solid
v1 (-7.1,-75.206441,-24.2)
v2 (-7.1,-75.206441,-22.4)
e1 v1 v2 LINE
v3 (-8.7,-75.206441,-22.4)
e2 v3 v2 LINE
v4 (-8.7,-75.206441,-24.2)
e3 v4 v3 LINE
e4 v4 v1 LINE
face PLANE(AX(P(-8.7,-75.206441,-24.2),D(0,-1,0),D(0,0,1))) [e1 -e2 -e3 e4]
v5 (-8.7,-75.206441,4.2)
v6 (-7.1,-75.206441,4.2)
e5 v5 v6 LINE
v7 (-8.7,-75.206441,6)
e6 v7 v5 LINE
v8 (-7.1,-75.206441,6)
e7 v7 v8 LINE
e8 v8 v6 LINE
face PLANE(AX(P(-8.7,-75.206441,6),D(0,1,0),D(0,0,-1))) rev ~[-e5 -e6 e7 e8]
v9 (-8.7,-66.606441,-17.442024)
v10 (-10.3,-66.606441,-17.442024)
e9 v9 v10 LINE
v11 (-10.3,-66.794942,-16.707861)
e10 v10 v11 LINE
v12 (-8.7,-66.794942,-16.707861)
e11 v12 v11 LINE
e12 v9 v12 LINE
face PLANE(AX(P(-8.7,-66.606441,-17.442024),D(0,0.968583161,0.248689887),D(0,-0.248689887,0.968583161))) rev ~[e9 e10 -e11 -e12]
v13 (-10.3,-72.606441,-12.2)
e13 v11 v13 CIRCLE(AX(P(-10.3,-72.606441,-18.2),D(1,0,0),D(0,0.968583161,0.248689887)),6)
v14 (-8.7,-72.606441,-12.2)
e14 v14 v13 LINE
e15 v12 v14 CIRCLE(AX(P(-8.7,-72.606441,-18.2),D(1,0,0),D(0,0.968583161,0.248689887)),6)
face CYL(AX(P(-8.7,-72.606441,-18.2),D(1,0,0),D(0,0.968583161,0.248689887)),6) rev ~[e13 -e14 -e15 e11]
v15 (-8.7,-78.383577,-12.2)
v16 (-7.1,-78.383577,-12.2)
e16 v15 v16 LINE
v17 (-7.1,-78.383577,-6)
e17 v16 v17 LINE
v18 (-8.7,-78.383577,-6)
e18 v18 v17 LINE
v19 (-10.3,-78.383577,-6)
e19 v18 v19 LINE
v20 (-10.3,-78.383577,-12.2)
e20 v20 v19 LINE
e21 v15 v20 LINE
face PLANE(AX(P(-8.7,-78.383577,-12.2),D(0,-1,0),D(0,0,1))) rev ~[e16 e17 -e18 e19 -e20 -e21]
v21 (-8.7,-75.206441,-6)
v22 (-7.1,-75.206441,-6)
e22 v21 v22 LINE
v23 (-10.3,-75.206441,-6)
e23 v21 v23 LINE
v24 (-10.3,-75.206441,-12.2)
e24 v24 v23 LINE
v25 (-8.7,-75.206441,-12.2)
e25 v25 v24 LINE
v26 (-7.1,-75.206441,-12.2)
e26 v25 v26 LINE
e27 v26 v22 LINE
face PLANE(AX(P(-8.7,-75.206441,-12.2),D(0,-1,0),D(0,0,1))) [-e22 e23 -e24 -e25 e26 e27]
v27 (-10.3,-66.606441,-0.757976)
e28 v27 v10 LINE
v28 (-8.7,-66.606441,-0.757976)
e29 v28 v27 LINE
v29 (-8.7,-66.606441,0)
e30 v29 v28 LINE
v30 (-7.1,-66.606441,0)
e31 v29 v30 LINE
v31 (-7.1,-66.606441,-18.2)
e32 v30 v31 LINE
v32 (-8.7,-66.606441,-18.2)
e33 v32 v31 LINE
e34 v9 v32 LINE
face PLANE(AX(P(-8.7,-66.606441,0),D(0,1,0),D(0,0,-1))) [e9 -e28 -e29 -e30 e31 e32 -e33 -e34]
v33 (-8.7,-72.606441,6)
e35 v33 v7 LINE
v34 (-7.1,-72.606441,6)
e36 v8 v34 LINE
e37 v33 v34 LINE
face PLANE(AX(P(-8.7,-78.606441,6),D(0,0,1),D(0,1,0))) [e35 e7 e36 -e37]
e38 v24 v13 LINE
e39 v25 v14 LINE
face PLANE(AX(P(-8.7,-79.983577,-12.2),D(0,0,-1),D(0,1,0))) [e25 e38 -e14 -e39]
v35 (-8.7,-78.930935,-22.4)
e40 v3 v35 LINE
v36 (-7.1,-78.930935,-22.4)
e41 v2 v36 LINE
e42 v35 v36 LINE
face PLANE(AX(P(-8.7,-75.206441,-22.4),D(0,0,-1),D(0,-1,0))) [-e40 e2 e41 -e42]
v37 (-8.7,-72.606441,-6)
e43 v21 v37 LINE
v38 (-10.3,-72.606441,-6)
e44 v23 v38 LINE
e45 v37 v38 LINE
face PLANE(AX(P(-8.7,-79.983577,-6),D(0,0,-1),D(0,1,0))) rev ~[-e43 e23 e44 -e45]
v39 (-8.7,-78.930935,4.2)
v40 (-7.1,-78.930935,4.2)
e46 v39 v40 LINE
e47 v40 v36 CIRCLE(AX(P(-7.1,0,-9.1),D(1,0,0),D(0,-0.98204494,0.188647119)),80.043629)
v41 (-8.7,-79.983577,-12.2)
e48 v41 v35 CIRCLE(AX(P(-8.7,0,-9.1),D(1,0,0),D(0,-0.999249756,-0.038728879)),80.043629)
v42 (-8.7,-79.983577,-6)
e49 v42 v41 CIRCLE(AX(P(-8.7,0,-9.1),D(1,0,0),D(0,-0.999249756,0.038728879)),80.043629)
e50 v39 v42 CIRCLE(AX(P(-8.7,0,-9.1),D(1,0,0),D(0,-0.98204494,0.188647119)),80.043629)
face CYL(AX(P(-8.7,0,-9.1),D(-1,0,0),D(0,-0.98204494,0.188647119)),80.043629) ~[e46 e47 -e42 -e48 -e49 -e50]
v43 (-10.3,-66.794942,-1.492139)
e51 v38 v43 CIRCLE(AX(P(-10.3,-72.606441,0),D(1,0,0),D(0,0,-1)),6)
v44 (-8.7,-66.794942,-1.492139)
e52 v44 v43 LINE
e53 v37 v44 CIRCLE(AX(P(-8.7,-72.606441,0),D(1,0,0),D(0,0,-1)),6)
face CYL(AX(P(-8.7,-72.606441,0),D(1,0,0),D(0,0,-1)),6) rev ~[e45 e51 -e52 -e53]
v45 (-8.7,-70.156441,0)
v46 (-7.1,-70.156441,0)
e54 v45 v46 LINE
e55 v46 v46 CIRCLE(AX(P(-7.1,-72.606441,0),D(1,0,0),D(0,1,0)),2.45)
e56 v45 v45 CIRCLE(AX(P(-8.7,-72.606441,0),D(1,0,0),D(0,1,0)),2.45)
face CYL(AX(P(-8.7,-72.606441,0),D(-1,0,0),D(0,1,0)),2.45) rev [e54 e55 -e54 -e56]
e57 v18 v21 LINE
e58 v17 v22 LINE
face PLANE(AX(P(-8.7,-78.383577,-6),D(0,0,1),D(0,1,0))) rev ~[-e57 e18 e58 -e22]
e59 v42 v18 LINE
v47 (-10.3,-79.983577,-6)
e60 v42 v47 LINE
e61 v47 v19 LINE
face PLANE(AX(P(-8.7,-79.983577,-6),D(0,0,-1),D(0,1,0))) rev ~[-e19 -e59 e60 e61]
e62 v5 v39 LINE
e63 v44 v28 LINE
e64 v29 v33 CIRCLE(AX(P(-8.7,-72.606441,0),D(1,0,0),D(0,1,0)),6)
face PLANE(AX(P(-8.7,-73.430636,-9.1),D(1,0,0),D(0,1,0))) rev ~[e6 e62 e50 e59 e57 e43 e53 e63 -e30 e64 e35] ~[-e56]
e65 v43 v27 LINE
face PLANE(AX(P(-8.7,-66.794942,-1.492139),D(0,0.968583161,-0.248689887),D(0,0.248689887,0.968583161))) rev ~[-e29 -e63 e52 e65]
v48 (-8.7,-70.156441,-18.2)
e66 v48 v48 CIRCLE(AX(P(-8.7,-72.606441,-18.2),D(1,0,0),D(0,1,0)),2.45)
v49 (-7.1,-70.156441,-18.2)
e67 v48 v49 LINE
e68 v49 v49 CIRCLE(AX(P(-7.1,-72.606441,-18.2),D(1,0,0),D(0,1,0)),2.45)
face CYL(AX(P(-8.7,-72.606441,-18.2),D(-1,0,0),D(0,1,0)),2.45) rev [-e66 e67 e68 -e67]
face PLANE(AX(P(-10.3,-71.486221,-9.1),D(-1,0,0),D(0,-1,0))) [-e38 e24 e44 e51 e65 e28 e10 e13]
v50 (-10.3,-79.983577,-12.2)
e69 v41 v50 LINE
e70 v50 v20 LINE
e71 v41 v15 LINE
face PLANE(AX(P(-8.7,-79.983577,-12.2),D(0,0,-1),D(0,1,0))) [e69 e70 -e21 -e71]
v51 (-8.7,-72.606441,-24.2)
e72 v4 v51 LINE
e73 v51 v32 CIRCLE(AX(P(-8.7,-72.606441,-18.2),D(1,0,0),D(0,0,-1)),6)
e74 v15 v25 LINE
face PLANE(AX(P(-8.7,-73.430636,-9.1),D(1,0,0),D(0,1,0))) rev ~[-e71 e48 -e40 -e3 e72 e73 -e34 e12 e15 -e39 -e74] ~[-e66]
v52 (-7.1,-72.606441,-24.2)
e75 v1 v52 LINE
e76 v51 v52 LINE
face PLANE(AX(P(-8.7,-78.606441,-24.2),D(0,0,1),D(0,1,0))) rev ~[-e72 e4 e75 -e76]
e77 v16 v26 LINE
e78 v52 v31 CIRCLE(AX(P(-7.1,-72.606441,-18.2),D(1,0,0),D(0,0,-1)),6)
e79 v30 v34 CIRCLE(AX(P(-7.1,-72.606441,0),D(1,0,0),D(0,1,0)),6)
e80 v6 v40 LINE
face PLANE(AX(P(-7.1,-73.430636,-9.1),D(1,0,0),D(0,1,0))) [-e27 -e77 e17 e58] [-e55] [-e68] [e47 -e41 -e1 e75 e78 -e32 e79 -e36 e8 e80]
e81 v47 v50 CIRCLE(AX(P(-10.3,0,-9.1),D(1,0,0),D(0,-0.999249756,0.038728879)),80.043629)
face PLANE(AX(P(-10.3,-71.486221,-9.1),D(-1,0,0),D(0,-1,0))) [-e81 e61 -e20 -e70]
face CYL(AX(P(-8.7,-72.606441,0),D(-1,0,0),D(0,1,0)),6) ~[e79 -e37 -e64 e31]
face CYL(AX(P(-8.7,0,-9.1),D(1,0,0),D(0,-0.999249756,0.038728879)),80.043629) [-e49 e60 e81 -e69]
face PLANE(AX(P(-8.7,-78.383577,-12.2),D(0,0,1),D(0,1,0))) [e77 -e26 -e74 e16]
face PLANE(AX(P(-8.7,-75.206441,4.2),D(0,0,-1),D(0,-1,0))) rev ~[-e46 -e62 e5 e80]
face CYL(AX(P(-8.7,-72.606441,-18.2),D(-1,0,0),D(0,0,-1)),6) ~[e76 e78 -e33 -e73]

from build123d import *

# Parameters (mm, degrees)
SKETCH010_R          = 2.45
PAD007_DEPTH         = 1.6
PAD008_DEPTH         = 1.6
SKETCH059_W          = 3.1771358599
SKETCH059_H          = 6.2
POCKET022_DEPTH      = 1.6
POCKET022_DEPTH_BACK = 1.6


with BuildPart() as part:
    # Sketch010 → Pad007 (new body)
    with BuildSketch(Plane.YZ.offset(-8.7)):
        with BuildLine():
            ThreePointArc((-6, 6), (-7.4371881489, -9.1), (-6, -24.2))
            Line((-6, -24.2), (0, -24.2))
            ThreePointArc((0, -24.2), (4.2426406871, -22.4426406871), (6, -18.2))
            Line((6, 0), (6, -18.2))
            ThreePointArc((6, 0), (4.2426406871, 4.2426406871), (0, 6))
            Line((-6, 6), (0, 6))
        make_face()
        Circle(SKETCH010_R, mode=Mode.SUBTRACT)
        with Locations((0, -18.2)):
            Circle(SKETCH010_R, mode=Mode.SUBTRACT)
    extrude(amount=PAD007_DEPTH)

    # Sketch011 → Pad008 (join)
    with BuildSketch(Plane.YZ.offset(-8.7)):
        with BuildLine():
            ThreePointArc((5.8114989668, -16.707860677), (3.6774423219, -13.4590699257), (0, -12.2))
            Line((-7.3771358599, -12.2), (0, -12.2))
            ThreePointArc((-7.3771358599, -6), (-7.4371881489, -9.1), (-7.3771358599, -12.2))
            Line((-7.3771358599, -6), (0, -6))
            ThreePointArc((0, -6), (3.6774423219, -4.7409300743), (5.8114989668, -1.492139323))
            Line((5.8114989668, -1.492139323), (6, -0.7579762707))
            Line((6, -0.7579762707), (6, -17.4420237293))
            Line((6, -17.4420237293), (5.8114989668, -16.707860677))
        make_face()
    extrude(amount=-PAD008_DEPTH)

    # Sketch059 → Pocket022 (cut, two sides)
    with BuildSketch(Plane.YZ.offset(-8.7)) as pocket022_sk:
        with BuildLine():
            Line((-2.6, 6), (-2.6, 4.2))
            Line((-2.6, 4.2), (-6.3244944235, 4.2))
            ThreePointArc((-6, 6), (-6.167388681, 5.1009268767), (-6.3244944235, 4.2))
            Line((-6, 6), (-2.6, 6))
        make_face()
        with BuildLine():
            Line((-6, -24.2), (-2.6, -24.2))
            Line((-2.6, -24.2), (-2.6, -22.4))
            Line((-2.6, -22.4), (-6.3244944235, -22.4))
            ThreePointArc((-6.3244944235, -22.4), (-6.167388681, -23.3009268767), (-6, -24.2))
        make_face()
        with Locations((-4.18856793, -9.1)):
            Rectangle(SKETCH059_W, SKETCH059_H)
    extrude(amount=-POCKET022_DEPTH, mode=Mode.SUBTRACT)
    extrude(pocket022_sk.sketch, amount=POCKET022_DEPTH_BACK, mode=Mode.SUBTRACT)


with BuildPart() as part_1:
    # Body007 placement: moved
    add(part.part.moved(Location((0, -72.6064407756, 0))))


solid = part_1.part
